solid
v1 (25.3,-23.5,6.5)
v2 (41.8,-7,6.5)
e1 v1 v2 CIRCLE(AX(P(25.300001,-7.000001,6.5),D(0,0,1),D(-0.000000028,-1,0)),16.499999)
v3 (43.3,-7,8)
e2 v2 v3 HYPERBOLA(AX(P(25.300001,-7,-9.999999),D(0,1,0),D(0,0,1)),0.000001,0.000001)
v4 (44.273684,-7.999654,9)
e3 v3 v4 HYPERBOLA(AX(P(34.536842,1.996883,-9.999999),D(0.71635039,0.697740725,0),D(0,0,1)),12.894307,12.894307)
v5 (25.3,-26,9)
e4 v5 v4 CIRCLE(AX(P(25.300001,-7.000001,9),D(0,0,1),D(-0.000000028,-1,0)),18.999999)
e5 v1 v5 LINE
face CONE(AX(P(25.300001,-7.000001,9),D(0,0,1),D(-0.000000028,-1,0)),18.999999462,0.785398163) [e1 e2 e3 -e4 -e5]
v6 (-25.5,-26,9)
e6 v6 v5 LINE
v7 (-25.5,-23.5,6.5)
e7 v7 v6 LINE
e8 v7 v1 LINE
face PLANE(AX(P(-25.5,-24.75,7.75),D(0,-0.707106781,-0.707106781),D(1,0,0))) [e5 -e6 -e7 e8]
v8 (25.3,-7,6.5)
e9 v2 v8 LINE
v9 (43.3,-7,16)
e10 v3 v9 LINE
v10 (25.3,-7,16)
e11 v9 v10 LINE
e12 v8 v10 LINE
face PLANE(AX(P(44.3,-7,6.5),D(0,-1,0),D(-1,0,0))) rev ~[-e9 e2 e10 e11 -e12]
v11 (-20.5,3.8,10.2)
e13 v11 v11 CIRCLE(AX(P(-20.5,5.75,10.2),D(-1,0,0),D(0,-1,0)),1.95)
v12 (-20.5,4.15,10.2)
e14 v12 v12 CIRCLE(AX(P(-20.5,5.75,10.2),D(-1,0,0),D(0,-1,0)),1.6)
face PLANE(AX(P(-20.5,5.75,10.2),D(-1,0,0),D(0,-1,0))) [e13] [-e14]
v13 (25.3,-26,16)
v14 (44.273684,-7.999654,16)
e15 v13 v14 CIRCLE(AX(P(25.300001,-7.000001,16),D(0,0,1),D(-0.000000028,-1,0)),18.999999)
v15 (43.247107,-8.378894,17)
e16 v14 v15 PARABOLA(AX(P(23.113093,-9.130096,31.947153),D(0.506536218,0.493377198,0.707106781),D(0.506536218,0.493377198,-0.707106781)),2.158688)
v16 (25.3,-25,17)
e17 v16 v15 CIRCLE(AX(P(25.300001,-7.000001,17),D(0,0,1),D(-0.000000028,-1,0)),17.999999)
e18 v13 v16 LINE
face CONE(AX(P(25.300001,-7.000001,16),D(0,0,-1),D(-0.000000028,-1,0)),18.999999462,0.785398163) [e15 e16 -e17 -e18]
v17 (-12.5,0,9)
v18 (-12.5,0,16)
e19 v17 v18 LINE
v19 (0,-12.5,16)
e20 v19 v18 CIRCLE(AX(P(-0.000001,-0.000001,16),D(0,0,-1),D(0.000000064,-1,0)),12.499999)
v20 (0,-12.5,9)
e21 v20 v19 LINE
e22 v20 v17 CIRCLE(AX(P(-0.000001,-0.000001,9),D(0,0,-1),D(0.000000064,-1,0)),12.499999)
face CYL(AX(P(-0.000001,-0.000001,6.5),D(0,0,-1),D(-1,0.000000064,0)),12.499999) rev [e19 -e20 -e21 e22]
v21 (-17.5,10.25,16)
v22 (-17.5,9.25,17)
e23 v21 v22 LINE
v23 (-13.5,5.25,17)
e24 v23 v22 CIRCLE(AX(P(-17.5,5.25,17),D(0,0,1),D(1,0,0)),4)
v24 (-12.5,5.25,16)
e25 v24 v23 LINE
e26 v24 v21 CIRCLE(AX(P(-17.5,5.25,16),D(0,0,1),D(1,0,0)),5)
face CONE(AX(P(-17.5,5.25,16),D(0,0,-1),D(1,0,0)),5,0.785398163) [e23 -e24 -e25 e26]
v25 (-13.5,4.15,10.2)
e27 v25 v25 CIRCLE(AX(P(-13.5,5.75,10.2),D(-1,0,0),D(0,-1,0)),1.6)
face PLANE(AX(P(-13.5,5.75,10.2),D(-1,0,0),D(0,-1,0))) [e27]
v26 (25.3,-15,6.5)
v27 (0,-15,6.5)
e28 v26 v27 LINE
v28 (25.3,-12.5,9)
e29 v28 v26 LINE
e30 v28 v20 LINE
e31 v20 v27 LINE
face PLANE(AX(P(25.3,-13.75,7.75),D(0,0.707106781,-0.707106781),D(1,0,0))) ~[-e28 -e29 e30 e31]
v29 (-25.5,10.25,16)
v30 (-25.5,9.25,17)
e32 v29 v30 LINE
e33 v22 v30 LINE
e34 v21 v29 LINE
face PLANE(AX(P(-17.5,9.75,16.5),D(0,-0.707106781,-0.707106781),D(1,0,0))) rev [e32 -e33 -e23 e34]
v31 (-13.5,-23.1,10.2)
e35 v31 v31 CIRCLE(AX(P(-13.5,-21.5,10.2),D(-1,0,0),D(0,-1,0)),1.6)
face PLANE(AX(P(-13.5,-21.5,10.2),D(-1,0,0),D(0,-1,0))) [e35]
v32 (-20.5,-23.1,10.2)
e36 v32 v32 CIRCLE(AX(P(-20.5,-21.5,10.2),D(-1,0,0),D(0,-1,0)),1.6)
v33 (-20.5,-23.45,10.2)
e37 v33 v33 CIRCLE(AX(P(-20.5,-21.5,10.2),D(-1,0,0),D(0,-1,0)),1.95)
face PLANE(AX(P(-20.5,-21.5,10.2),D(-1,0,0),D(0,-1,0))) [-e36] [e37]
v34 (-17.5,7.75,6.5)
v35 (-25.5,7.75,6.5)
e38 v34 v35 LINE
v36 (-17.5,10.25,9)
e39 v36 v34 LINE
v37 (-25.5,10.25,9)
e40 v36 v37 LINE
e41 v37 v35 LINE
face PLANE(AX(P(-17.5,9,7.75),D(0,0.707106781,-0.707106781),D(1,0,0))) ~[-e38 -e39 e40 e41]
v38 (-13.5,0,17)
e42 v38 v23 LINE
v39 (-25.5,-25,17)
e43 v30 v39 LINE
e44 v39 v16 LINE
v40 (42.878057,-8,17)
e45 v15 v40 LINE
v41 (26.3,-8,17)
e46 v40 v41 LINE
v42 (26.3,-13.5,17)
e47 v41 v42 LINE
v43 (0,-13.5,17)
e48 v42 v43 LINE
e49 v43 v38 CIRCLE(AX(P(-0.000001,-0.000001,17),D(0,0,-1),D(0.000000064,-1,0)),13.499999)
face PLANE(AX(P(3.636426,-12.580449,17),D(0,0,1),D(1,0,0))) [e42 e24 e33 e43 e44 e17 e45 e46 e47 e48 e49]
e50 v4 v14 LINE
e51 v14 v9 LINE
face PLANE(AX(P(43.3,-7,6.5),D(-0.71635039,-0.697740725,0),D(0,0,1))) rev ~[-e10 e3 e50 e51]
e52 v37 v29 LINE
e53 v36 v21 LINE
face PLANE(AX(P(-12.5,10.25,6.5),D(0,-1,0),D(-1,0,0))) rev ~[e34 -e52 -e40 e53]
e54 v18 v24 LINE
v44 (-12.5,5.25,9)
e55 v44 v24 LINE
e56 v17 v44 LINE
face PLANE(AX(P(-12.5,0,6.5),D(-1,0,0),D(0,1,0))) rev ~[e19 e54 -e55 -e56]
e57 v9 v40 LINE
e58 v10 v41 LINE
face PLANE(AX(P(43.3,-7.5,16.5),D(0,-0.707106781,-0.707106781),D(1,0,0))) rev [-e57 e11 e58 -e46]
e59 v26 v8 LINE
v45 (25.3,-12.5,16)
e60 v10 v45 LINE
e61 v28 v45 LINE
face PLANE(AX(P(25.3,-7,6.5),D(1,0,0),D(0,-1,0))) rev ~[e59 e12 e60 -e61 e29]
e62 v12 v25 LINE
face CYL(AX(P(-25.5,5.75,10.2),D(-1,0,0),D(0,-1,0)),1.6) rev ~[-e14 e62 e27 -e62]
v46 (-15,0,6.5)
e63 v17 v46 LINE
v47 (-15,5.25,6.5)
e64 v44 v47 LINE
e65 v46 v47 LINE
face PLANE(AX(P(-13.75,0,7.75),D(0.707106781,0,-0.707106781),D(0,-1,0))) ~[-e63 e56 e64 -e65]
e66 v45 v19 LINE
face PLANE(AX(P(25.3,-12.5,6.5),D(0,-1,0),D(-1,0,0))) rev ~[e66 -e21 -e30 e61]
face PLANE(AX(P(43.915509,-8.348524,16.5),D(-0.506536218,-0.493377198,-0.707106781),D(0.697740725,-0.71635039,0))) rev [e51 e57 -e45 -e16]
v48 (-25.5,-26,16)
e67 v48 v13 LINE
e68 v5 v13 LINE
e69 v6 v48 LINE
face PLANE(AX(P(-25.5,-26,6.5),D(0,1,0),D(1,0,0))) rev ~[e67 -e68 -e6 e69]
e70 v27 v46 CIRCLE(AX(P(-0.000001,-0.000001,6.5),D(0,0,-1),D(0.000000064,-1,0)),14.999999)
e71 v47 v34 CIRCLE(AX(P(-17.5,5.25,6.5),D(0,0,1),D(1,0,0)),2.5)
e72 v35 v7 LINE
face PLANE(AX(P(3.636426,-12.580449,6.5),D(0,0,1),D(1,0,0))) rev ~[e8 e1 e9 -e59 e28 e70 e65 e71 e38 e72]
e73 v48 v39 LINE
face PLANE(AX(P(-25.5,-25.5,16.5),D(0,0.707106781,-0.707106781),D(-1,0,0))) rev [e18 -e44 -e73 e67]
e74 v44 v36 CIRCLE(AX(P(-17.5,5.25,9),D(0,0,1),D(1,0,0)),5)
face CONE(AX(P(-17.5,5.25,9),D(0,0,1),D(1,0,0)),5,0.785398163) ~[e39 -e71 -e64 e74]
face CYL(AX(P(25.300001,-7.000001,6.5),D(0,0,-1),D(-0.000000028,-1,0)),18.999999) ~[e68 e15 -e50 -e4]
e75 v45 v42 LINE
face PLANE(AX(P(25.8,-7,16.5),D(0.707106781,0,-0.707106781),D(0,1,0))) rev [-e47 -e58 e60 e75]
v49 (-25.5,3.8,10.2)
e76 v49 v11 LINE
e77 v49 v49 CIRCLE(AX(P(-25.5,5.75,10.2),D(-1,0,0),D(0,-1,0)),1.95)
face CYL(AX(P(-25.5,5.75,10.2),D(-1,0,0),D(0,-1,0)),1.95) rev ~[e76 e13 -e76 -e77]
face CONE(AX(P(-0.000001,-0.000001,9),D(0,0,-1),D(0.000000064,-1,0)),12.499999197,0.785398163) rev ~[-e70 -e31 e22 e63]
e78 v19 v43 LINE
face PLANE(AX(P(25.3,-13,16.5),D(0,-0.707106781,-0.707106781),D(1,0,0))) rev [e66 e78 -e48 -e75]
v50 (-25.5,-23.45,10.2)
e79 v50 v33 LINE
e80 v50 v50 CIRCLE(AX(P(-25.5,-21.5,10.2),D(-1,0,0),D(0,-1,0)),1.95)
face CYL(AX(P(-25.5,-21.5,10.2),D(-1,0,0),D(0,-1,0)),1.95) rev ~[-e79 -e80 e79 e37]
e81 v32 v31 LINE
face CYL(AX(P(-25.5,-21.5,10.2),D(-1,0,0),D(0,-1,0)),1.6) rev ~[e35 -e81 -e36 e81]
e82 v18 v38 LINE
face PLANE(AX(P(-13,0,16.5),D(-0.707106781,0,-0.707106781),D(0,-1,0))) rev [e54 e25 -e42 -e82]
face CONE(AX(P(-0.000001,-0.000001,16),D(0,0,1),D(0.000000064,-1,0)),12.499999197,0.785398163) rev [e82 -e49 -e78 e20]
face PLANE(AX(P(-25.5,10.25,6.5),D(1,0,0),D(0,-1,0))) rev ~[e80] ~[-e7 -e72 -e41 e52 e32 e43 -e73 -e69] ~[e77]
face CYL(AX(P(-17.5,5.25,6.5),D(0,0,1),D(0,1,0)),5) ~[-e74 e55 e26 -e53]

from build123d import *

# Parameters (mm, degrees)
PAD_DEPTH       = 10.5
CHAMFER001_SIZE = 1
SKETCH017_R     = 1.6
POCKET010_DEPTH = 12
SKETCH018_R     = 1.95
POCKET011_DEPTH = 5
FILLET001_R     = 5
CHAMFER002_SIZE = 1
CHAMFER003_SIZE = 2.5


with BuildPart() as part:
    # Sketch016 → Pad (new body)
    with BuildSketch(Plane.XY):
        with BuildLine():
            Line((-12.5, 0), (-12.5, 10.25))
            Line((-12.5, 10.25), (-25.5, 10.25))
            Line((-25.5, 10.25), (-25.5, -26))
            Line((-25.5, -26), (25.3, -26))
            ThreePointArc((25.3, -26), (38.735029, -20.435029), (44.3, -7))
            Line((44.3, -7), (25.3, -7))
            Line((25.3, -7), (25.3, -12.5))
            Line((25.3, -12.5), (0, -12.5))
            ThreePointArc((-12.5, 0), (-8.838835, -8.838835), (0, -12.5))
        make_face()
    extrude(amount=PAD_DEPTH)

    # Chamfer001
    chamfer001_edges = [part.edges().sort_by_distance(p)[0] for p in [
        (44.3, -7, 5.25),
    ]]
    chamfer(chamfer001_edges, length=CHAMFER001_SIZE)

    # Sketch017 (on Face7 of Chamfer001) → Pocket010 (cut)
    with BuildSketch(Plane(origin=(-25.5, 0, 0), x_dir=(0, -1, 0), z_dir=(-1, 0, 0))):
        with Locations((-5.75, 3.7)):
            Circle(SKETCH017_R)
        with Locations((21.5, 3.7)):
            Circle(SKETCH017_R)
    extrude(amount=-POCKET010_DEPTH, mode=Mode.SUBTRACT)

    # Sketch018 (on Face7 of Pocket010) → Pocket011 (cut)
    with BuildSketch(Plane(origin=(-25.5, 0, 0), x_dir=(0, -1, 0), z_dir=(-1, 0, 0))):
        with Locations((-5.75, 3.7)):
            Circle(SKETCH018_R)
        with Locations((21.5, 3.7)):
            Circle(SKETCH018_R)
    extrude(amount=-POCKET011_DEPTH, mode=Mode.SUBTRACT)

    # Fillet001
    fillet001_edges = [part.edges().sort_by_distance(p)[0] for p in [
        (-12.5, 10.25, 5.25),
    ]]
    fillet(fillet001_edges, radius=FILLET001_R)

    # Chamfer002
    chamfer002_edges = [part.edges().sort_by_distance(p)[0] for p in [
        (-21.5, 10.25, 10.5),
        (-0.1, -26, 10.5),
        (-13.964466, 8.785534, 10.5),
        (-12.5, 2.625, 10.5),
        (-8.838835, -8.838835, 10.5),
        (38.376823, -20.783929, 10.5),
        (43.786842, -7.499827, 10.5),
        (34.3, -7, 10.5),
        (25.3, -9.75, 10.5),
        (12.65, -12.5, 10.5),
    ]]
    chamfer(chamfer002_edges, length=CHAMFER002_SIZE)

    # Chamfer003
    chamfer003_edges = [part.edges().sort_by_distance(p)[0] for p in [
        (-21.5, 10.25, 0),
        (-0.1, -26, 0),
    ]]
    chamfer(chamfer003_edges, length=CHAMFER003_SIZE)


with BuildPart() as part_1:
    # Body004 placement: moved
    add(part.part.moved(Location((0, 0, 6.5))))


solid = part_1.part
